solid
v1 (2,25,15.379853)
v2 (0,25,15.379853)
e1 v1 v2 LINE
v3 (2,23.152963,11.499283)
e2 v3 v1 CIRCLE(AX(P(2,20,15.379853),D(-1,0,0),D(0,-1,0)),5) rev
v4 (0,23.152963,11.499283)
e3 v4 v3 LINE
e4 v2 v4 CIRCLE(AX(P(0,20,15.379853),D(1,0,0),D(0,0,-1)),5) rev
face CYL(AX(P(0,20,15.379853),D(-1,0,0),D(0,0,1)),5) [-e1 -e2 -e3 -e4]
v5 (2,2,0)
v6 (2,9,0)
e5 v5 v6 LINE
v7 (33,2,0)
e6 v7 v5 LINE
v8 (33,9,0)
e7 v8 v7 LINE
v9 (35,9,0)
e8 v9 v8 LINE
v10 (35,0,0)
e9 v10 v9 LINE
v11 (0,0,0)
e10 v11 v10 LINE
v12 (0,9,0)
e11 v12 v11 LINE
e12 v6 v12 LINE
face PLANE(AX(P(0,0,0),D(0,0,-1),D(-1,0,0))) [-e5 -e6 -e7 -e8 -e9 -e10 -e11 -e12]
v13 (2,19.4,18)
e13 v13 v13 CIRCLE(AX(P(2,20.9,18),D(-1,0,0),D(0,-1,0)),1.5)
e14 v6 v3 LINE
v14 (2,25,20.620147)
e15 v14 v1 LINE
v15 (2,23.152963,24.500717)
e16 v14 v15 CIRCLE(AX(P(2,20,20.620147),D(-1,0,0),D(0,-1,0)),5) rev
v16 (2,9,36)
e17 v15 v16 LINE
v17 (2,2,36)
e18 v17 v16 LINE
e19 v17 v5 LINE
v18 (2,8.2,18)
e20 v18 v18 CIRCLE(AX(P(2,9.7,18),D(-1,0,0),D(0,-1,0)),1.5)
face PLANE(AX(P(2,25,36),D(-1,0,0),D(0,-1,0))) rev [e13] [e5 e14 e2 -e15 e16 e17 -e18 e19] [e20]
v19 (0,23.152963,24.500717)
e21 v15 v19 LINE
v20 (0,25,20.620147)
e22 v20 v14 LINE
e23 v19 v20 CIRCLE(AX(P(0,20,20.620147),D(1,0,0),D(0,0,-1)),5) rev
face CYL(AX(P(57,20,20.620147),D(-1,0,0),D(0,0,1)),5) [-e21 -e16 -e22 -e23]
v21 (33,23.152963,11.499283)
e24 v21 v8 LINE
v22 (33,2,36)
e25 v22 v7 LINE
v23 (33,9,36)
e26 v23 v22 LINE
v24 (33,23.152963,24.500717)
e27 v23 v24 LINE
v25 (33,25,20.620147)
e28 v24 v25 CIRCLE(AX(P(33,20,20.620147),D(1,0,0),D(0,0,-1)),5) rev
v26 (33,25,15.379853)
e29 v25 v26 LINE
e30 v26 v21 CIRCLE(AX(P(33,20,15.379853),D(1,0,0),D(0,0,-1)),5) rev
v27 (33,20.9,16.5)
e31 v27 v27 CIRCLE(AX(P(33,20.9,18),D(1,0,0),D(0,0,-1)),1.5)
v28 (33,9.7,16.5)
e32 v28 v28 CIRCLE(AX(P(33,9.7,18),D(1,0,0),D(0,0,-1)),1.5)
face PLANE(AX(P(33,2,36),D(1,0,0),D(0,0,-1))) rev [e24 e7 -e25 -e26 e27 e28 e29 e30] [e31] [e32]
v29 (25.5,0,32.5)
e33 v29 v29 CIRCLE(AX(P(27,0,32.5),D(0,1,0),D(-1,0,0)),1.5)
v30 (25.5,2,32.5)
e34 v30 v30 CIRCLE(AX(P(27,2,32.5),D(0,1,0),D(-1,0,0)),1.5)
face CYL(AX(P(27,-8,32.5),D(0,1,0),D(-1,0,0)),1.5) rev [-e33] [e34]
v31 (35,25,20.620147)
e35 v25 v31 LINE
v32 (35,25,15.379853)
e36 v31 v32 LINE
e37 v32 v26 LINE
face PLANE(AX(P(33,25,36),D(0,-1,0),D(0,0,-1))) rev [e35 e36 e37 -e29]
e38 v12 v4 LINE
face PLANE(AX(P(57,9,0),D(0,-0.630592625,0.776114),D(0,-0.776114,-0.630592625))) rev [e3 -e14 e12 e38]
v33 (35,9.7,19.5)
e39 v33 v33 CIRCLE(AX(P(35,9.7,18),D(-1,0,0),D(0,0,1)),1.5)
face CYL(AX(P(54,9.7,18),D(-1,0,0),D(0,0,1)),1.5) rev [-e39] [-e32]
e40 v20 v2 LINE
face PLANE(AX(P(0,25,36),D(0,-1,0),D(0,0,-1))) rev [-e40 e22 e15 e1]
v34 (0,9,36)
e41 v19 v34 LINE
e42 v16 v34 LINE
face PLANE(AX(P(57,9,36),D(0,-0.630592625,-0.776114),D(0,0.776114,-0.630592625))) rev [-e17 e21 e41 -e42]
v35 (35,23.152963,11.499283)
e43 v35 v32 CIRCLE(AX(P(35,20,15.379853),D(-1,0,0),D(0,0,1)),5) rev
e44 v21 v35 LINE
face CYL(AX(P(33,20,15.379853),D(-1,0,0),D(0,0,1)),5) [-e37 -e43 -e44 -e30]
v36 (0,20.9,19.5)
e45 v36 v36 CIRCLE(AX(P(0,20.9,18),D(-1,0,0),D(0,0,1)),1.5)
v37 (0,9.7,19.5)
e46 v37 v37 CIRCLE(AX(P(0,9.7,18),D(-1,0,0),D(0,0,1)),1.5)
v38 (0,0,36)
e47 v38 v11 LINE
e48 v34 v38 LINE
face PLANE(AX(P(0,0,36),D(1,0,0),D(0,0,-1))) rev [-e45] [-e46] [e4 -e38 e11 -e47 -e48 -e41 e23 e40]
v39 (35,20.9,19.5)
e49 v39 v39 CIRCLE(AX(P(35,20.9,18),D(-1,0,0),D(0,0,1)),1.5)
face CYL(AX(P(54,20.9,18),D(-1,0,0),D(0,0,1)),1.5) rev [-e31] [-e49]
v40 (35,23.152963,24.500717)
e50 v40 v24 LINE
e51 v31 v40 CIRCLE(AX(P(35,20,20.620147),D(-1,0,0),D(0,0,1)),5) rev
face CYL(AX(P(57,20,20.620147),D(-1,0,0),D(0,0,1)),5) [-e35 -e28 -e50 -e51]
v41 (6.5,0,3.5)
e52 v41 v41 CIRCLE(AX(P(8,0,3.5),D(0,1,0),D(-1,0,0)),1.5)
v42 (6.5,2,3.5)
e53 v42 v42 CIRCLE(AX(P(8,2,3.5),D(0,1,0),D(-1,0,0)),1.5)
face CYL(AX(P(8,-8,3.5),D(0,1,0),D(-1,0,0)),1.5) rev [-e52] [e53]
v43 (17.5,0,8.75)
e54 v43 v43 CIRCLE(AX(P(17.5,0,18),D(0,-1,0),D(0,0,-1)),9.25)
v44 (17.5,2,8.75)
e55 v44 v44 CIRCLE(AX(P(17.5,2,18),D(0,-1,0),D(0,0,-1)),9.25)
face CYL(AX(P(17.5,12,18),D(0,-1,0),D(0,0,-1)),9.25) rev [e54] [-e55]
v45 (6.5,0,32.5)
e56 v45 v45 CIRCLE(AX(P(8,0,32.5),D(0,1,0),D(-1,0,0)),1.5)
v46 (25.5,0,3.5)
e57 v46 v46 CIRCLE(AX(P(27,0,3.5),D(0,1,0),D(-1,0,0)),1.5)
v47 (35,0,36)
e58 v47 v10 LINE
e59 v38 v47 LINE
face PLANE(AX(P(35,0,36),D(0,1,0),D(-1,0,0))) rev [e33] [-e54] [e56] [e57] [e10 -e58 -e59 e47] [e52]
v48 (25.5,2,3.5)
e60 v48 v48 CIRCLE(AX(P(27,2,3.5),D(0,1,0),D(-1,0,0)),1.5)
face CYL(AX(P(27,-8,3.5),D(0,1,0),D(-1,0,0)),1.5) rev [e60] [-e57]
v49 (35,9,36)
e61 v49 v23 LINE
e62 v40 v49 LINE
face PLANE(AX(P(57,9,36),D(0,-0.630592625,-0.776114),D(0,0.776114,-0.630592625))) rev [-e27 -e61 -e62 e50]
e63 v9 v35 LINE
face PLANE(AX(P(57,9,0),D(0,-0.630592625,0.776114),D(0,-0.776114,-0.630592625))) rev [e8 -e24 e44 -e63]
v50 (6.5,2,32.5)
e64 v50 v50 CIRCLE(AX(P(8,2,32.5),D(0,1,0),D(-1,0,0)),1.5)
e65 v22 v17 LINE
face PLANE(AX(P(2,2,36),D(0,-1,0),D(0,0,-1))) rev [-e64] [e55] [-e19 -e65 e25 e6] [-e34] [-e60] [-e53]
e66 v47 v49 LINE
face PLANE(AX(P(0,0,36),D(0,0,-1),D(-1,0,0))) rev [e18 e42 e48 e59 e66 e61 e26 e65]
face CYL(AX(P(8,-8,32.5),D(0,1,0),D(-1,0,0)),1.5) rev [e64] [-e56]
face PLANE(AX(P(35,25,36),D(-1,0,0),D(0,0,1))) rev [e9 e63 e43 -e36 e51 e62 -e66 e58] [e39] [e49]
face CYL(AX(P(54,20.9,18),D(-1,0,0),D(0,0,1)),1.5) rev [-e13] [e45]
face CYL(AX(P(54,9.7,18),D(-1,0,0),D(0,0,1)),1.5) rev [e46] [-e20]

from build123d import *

# Parameters (mm, degrees)
EXTRUDE_1_DEPTH     = 36
SKETCH_2_R          = 9.25
CUT_EXTRUDE_1_DEPTH = 12
SKETCH_3_R          = 1.5
CUT_EXTRUDE_2_DEPTH = 54
SKETCH_5_R          = 1.5
CUT_EXTRUDE_4_DEPTH = 10
CUT_EXTRUDE_5_DEPTH = 57
FILLET_1_R          = 5


with BuildPart() as part:
    # 草图1 → 凸台-拉伸1 (new body)
    with BuildSketch(Plane.XY):
        Polygon((0, 0), (0, 25), (2, 25), (2, 2), (33, 2), (33, 25), (35, 25), (35, 0), align=None)
    extrude(amount=EXTRUDE_1_DEPTH)

    # 草图2 → 切除-拉伸1 (cut)
    with BuildSketch(Plane.XZ):
        with Locations(Location((17.5, 18, 0), (0, 0, 270))):
            Circle(SKETCH_2_R)
    extrude(amount=-CUT_EXTRUDE_1_DEPTH, mode=Mode.SUBTRACT)

    # 草图3 → 切除-拉伸2 (cut)
    with BuildSketch(Plane.ZY):
        with Locations((18, 20.9)):
            Circle(SKETCH_3_R)
        with Locations((18, 9.7)):
            Circle(SKETCH_3_R)
    extrude(amount=-CUT_EXTRUDE_2_DEPTH, mode=Mode.SUBTRACT)

    # 草图5 → 切除-拉伸4 (cut)
    with BuildSketch(Plane(origin=(0, 2, 0), x_dir=(1, 0, 0), z_dir=(0, 1, 0))):
        with Locations(Location((8, -3.5, 0), (0, 0, 180))):
            Circle(SKETCH_5_R)
        with Locations(Location((27, -3.5, 0), (0, 0, 180))):
            Circle(SKETCH_5_R)
        with Locations(Location((8, -32.5, 0), (0, 0, 180))):
            Circle(SKETCH_5_R)
        with Locations(Location((27, -32.5, 0), (0, 0, 180))):
            Circle(SKETCH_5_R)
    extrude(amount=-CUT_EXTRUDE_4_DEPTH, mode=Mode.SUBTRACT)

    # 草图6 → 切除-拉伸5 (cut)
    with BuildSketch(Plane.ZY):
        Polygon((0, 9), (13, 25), (0, 25), align=None)
        Polygon((36, 25), (36, 9), (23, 25), align=None)
    extrude(amount=-CUT_EXTRUDE_5_DEPTH, mode=Mode.SUBTRACT)

    # 圆角1
    fillet_1_edges = [part.edges().sort_by_distance(p)[0] for p in [
        (34, 25, 13),
        (1, 25, 13),
        (34, 25, 23),
        (1, 25, 23),
    ]]
    fillet(fillet_1_edges, radius=FILLET_1_R)


solid = part.part
